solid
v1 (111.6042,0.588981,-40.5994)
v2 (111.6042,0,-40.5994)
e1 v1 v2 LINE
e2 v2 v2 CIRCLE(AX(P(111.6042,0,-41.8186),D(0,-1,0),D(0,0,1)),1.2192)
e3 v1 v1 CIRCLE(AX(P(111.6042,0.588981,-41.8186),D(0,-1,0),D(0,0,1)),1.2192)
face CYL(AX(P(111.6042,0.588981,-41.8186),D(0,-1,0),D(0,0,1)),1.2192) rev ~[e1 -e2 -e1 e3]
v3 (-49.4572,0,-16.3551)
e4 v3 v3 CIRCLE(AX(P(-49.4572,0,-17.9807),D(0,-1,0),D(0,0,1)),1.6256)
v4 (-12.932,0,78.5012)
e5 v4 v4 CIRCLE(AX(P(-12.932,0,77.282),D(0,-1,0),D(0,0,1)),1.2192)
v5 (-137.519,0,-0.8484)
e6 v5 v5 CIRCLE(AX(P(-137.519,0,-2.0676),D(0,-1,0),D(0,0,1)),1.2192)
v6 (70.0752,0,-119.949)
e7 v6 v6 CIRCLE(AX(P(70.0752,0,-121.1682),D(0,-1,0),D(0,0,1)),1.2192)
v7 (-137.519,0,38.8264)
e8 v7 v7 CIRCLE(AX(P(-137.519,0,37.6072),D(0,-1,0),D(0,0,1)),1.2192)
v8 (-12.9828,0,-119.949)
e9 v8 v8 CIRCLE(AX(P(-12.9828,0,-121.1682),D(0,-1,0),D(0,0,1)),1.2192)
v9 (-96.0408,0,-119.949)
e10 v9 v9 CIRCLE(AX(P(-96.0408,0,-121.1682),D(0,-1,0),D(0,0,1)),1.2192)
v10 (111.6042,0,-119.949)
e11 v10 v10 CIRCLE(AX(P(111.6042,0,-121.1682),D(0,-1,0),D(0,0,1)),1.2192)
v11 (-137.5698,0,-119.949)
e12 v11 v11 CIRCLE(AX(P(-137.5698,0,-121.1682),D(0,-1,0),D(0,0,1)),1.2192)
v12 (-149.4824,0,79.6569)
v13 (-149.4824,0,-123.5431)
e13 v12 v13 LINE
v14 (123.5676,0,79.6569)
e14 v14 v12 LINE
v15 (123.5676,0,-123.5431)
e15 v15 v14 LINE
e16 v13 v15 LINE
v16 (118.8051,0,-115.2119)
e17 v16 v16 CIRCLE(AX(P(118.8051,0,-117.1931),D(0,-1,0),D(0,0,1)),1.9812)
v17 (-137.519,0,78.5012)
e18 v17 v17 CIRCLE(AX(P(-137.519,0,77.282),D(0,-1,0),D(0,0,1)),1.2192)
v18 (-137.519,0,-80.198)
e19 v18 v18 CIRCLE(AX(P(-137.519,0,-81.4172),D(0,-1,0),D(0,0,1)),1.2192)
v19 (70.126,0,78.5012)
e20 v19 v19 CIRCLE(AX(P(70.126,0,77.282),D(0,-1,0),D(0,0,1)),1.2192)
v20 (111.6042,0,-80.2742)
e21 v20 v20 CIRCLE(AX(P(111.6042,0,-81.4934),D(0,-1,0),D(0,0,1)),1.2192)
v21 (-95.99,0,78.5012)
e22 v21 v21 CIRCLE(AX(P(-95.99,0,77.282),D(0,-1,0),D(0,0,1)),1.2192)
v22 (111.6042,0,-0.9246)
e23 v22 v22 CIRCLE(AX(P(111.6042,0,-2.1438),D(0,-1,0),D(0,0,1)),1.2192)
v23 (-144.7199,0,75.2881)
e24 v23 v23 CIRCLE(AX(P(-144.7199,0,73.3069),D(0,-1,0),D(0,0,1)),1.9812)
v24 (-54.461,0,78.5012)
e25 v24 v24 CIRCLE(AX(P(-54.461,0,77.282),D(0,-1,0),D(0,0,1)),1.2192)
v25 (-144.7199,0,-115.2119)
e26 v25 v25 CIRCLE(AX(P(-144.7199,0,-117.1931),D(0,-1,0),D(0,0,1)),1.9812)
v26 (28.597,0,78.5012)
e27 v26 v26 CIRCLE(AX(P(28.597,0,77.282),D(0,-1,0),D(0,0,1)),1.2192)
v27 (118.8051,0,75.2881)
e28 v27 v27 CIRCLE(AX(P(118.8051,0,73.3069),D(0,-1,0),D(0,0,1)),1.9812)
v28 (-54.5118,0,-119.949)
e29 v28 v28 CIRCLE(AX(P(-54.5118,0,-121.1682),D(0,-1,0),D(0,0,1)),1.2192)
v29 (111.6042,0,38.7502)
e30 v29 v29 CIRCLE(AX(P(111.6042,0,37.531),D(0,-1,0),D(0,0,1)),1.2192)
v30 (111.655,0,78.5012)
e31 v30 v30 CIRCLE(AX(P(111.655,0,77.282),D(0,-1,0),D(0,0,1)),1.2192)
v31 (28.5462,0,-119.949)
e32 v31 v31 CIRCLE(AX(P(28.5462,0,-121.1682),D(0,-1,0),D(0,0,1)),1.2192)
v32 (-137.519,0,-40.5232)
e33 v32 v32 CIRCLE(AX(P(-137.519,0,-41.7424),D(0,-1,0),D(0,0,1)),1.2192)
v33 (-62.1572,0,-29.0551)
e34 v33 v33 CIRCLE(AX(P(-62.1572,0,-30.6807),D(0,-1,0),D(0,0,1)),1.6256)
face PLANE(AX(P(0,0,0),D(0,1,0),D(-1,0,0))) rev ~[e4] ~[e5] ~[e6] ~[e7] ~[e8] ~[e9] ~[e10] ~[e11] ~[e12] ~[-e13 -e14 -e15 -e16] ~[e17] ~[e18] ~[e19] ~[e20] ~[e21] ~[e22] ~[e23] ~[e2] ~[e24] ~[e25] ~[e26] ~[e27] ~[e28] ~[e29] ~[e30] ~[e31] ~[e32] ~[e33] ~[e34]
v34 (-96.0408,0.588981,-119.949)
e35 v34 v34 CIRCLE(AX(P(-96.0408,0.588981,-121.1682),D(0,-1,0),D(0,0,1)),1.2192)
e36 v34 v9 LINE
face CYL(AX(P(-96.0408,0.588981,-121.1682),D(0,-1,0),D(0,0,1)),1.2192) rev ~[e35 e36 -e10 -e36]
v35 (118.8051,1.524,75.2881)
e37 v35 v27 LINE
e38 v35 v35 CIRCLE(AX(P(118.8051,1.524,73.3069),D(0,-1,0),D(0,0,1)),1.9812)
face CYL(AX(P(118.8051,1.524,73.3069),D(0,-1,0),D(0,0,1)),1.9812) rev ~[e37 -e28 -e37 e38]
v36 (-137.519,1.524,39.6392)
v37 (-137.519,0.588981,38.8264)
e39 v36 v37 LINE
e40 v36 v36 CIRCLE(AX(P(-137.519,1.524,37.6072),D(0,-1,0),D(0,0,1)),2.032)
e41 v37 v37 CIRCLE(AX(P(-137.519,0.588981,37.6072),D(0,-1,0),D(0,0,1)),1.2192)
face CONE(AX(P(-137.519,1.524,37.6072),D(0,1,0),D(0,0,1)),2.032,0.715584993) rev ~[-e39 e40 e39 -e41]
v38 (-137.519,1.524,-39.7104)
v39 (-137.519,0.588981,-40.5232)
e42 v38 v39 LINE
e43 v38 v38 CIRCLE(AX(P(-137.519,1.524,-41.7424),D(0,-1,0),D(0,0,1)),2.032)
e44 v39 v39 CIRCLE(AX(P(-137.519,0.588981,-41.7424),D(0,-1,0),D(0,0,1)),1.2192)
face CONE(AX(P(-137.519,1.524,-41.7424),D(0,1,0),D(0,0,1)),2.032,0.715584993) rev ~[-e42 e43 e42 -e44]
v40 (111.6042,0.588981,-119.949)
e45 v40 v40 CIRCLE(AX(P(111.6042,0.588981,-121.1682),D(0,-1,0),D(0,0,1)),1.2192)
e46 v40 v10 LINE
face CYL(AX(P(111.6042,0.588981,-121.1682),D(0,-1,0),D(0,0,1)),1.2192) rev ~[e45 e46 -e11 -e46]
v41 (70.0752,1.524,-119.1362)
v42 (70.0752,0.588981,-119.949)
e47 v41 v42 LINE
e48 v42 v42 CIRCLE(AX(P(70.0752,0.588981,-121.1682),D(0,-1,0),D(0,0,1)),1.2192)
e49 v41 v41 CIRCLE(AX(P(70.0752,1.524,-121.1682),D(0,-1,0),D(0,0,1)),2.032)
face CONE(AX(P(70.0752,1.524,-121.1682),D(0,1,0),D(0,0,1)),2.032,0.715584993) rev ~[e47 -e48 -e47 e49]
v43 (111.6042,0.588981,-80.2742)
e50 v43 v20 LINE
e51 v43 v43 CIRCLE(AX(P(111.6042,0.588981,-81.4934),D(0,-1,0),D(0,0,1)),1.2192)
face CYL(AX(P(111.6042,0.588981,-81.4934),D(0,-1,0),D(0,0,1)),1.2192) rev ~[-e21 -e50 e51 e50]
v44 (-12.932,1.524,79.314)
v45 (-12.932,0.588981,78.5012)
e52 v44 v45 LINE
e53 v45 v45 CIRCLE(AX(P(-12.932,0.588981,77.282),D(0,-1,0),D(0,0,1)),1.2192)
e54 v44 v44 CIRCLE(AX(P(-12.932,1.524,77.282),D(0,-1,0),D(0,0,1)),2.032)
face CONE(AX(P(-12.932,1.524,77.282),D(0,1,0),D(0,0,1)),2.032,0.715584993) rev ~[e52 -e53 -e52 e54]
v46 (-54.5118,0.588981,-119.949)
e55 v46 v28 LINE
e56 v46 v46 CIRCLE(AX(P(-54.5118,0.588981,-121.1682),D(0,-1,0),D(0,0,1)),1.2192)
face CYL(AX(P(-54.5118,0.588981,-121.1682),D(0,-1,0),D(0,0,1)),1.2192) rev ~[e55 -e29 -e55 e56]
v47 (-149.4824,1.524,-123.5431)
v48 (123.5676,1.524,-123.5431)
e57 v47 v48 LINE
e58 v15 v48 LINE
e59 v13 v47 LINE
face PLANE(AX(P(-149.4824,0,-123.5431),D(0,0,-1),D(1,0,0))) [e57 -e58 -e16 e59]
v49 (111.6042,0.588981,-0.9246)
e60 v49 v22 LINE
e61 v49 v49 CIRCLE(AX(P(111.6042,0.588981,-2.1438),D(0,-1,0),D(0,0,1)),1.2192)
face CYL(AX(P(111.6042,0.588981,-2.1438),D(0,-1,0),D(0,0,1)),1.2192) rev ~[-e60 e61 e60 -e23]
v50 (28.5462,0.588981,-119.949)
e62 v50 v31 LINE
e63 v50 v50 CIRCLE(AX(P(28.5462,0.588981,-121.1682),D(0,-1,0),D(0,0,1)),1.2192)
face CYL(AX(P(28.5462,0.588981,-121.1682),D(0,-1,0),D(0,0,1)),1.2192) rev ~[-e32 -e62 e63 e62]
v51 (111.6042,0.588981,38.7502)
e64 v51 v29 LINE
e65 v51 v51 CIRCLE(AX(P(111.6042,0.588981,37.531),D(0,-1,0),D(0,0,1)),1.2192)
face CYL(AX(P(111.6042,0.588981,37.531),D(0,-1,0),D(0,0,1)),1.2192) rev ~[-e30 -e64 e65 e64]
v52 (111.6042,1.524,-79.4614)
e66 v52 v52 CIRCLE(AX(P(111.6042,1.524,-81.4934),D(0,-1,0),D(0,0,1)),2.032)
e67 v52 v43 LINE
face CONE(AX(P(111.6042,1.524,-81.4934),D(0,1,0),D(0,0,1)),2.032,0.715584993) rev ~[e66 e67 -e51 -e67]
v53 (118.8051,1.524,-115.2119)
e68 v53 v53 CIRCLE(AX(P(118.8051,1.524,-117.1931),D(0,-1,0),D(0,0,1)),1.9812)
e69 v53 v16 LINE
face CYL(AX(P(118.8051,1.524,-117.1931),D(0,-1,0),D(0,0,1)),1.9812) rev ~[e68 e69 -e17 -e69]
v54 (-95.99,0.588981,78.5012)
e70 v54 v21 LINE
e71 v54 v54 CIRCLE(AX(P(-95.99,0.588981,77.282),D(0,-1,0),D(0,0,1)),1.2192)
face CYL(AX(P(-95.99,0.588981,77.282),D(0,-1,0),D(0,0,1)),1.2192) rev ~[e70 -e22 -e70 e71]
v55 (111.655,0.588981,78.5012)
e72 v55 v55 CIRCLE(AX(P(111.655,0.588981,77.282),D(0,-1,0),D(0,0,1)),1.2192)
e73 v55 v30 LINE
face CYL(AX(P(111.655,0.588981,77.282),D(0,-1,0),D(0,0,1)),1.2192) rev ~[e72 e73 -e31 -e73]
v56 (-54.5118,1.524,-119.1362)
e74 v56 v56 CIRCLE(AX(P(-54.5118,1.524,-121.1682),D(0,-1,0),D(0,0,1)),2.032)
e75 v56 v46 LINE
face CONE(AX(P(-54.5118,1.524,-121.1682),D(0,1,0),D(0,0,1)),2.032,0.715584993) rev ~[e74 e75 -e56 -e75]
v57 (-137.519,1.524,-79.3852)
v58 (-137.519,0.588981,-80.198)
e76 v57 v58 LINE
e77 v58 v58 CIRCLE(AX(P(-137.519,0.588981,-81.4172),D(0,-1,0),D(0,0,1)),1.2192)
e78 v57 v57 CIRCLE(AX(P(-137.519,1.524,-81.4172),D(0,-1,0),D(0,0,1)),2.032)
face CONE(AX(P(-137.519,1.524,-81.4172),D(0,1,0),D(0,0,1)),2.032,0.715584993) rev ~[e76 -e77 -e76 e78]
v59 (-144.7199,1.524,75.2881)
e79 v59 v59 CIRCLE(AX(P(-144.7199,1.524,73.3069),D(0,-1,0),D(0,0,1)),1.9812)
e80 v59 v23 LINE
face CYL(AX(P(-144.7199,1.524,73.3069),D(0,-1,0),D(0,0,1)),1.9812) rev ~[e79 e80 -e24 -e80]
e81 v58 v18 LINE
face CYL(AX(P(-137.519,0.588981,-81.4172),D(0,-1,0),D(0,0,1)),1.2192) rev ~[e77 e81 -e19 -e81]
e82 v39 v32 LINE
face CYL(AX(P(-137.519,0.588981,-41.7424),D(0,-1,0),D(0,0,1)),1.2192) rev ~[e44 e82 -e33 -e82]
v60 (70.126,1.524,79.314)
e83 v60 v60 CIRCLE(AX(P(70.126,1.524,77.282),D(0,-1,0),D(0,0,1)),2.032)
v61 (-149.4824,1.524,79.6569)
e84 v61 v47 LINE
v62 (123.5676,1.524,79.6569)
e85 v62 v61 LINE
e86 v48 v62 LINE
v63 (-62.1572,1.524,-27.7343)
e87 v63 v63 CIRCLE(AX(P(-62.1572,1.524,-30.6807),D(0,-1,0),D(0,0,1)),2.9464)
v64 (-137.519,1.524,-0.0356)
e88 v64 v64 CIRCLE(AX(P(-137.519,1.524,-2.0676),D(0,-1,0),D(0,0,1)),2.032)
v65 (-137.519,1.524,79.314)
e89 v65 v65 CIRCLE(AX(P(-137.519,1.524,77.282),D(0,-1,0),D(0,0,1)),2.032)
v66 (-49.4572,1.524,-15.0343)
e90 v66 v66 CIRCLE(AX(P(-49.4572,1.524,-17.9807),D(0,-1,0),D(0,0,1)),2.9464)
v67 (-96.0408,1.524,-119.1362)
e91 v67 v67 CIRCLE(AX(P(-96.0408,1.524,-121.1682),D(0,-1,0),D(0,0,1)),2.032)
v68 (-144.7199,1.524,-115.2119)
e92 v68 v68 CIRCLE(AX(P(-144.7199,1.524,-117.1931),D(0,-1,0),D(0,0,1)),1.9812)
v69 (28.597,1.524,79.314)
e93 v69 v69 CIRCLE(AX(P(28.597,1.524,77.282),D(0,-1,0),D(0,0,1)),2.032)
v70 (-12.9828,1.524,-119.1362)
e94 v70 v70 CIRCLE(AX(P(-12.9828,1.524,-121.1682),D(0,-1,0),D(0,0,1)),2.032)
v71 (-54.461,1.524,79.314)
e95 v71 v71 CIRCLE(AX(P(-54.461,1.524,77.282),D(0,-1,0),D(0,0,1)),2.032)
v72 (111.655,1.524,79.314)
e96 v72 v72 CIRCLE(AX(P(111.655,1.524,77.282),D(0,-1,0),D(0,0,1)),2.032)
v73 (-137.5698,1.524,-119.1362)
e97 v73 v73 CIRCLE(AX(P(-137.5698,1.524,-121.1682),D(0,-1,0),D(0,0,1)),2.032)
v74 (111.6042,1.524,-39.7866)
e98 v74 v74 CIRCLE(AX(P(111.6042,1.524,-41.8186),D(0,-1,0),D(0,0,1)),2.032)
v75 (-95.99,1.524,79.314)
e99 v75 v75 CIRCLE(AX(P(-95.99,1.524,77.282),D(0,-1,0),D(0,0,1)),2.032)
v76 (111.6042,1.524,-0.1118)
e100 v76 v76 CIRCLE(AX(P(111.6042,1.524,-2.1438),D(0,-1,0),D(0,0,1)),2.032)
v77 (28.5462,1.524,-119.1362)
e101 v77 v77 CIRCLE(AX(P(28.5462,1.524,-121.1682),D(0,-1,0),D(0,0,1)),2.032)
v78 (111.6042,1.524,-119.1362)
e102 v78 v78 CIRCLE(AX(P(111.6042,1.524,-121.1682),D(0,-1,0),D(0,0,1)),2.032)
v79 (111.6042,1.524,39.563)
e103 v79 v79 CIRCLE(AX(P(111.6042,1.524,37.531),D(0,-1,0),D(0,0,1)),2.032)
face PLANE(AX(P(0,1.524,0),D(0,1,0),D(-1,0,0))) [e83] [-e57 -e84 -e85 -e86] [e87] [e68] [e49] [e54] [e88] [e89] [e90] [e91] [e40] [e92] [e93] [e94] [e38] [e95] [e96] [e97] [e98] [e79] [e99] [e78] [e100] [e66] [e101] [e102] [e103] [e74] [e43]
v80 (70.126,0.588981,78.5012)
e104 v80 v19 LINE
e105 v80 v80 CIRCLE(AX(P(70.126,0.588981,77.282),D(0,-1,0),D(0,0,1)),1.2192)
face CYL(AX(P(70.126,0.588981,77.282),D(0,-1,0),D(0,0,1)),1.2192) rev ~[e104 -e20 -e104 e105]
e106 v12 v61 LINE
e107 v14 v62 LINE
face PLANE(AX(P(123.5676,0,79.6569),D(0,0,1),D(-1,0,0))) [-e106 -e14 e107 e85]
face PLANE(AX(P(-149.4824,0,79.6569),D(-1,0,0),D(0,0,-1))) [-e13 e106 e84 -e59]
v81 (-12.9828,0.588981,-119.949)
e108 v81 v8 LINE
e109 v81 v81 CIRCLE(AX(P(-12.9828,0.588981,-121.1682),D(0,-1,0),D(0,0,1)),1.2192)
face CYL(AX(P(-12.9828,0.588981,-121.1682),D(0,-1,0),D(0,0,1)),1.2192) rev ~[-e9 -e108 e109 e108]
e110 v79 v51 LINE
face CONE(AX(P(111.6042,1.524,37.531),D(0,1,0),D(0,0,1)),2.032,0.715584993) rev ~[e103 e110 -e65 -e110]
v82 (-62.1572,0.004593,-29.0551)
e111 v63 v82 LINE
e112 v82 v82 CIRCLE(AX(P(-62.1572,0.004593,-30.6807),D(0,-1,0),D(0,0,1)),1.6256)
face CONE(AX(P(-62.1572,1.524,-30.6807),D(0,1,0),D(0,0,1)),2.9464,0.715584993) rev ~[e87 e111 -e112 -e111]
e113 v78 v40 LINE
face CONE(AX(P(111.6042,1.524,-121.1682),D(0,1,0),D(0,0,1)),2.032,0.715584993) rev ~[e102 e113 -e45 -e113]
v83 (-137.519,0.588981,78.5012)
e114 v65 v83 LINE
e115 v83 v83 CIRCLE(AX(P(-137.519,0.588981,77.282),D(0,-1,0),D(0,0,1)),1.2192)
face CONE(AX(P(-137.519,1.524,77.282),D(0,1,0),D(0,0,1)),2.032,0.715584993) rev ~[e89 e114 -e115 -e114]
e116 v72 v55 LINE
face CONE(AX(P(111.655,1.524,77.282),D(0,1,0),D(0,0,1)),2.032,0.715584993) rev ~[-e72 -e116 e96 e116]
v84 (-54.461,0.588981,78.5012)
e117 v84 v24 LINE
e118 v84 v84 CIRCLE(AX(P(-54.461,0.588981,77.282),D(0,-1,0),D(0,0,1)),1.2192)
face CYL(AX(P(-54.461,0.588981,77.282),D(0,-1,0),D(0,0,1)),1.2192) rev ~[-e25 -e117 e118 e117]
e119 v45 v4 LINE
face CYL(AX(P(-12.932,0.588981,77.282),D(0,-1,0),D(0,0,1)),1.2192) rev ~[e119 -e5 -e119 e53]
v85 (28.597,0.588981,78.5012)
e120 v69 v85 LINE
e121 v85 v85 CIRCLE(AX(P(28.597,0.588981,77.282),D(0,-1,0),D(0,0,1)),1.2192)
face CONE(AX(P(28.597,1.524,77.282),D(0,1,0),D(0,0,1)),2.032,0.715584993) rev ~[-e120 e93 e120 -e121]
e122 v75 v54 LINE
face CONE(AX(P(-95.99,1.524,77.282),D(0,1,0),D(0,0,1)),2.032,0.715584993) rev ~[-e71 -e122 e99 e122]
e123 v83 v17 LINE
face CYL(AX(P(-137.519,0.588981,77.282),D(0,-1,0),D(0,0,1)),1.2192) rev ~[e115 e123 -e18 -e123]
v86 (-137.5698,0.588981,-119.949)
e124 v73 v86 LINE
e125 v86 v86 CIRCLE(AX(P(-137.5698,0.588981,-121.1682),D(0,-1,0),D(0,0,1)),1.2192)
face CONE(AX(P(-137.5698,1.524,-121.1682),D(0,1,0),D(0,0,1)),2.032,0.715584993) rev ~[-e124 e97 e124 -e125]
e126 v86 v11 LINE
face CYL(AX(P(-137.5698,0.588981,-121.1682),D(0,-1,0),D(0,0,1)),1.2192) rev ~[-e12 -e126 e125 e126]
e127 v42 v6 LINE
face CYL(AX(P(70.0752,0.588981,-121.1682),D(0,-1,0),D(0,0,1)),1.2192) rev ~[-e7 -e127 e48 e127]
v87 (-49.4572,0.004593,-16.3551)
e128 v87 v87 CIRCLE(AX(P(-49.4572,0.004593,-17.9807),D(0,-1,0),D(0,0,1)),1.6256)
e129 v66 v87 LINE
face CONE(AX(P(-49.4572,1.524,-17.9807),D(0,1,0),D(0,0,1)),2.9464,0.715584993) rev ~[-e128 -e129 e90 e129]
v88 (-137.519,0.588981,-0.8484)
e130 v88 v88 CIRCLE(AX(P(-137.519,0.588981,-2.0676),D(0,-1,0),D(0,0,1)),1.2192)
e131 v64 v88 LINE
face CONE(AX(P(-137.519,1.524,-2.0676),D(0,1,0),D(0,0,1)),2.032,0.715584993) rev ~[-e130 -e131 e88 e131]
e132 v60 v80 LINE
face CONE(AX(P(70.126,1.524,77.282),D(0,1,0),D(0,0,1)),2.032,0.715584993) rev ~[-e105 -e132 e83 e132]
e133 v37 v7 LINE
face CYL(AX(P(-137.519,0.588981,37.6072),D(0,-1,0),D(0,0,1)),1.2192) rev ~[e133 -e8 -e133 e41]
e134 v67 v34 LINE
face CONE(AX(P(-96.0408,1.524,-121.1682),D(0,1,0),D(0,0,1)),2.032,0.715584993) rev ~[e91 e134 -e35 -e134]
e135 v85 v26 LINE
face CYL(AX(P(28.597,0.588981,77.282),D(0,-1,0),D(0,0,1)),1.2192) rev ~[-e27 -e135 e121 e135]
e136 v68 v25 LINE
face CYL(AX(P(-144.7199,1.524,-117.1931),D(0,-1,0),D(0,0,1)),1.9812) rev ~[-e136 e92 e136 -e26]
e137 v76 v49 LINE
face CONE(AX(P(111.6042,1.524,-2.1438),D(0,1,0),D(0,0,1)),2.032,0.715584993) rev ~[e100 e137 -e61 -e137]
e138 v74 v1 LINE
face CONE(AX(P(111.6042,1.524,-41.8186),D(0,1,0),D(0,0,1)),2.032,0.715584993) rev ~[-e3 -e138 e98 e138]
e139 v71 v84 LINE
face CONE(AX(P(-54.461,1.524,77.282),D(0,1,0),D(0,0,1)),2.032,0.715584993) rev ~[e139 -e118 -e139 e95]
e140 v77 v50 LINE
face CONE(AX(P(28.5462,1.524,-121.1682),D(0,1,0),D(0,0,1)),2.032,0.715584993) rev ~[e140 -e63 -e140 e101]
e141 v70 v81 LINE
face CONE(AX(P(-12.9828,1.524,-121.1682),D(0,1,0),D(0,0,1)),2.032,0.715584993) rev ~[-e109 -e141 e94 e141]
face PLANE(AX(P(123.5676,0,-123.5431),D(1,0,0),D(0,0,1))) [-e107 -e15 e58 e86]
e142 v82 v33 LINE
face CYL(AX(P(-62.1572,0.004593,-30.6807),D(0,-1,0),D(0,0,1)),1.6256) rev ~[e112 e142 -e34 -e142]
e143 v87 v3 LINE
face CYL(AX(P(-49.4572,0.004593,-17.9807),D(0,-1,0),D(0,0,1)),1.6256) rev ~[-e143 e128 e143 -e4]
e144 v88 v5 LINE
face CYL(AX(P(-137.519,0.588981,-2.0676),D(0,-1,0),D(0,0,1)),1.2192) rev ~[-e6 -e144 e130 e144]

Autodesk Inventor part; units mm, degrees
ref_plane "YZ Plane" through (0, 0, 0) normal (1, 0, 0) x (0, 1, 0)
ref_plane "XZ Plane" through (0, 0, 0) normal (0, 1, 0) x (-1, 0, 0)
ref_plane "XY Plane" through (0, 0, 0) normal (0, 0, 1) x (1, 0, 0)
sketch "Sketch1" plane through (0, 0, 0) normal (0, 1, 0) x (-1, 0, 0)
  line L0 (-123.5676, 79.6569) -> (149.4824, 79.6569)
  line L1 (149.4824, 79.6569) -> (149.4824, -123.5431)
  line L2 (149.4824, -123.5431) -> (-123.5676, -123.5431)
  line L3 (-123.5676, -123.5431) -> (-123.5676, 79.6569)
  point P0 (0, 0)
  dimension "d0" = 203.2
  dimension "d2" = 273.05
extrude "Extrusion1" add sketch "Sketch1" along normal blind 1.524
sketch "Sketch2" plane through (0, 1.524, 0) normal (0, 1, 0) x (1, 0, 0)
  point P0 (123.5676, 123.5431)
  point P1 (-149.4824, 123.5431)
  point P2 (0, 0)
  point P3 (111.6042, 121.1682)
  point P4 (-144.7199, 117.1931)
  point P5 (-149.4824, -79.6569)
  point P6 (-137.519, -77.282)
  dimension "d7" = 2.3749
  dimension "d8" = 11.9634
  dimension "d9" = 4.7625
  dimension "d10" = 6.35
  dimension "d37" = 11.9634
  dimension "d38" = 2.3749
hole "Hole1" at (-144.7199, 1.524, -117.1931) direction (0, -1, 0) diameter 3.9624 depth 25.4 tip angle 118
pattern_linear "Rectangular Pattern1" count 2 spacing 263.525 along (1, 0, 0) count 2 spacing 190.5 along (0, 0, 1) of "Hole1"
hole "Hole2" at (111.6042, 1.524, -121.1682) direction (0, -1, 0) diameter 2.4384 depth 25.4 tip angle 118 countersink diameter 4.064 countersink angle 82
pattern_linear "Rectangular Pattern2" count 5 spacing 39.6748 along (0, 0, 1) of "Hole2"
pattern_linear "Rectangular Pattern3" count 7 spacing 41.529 along (-1, 0, 0) of "Hole2"
hole "Hole3" at (-137.519, 1.524, 77.282) direction (0, -1, 0) diameter 2.4384 depth 25.4 tip angle 118 countersink diameter 4.064 countersink angle 82
pattern_linear "Rectangular Pattern4" count 5 spacing 39.6748 along (0, 0, -1) of "Hole3"
pattern_linear "Rectangular Pattern5" count 7 spacing 41.529 along (1, 0, 0) of "Hole3"
sketch "Sketch3" plane through (0, 1.524, 0) normal (0, 1, 0) x (1, 0, 0)
  circle A0 centre (111.655, -77.282) radius 2.032 projected
  circle A1 centre (70.126, -77.282) radius 2.032 projected
  circle A2 centre (28.597, -77.282) radius 2.032 projected
  circle A3 centre (-12.932, -77.282) radius 2.032 projected
  circle A4 centre (-54.461, -77.282) radius 2.032 projected
  circle A5 centre (-95.99, -77.282) radius 2.032 projected
  circle A6 centre (-137.519, 81.4172) radius 2.032 projected
  circle A7 centre (-137.519, 41.7424) radius 2.032 projected
  circle A8 centre (-137.519, 2.0676) radius 2.032 projected
  circle A9 centre (-137.519, -37.6072) radius 2.032 projected
  circle A10 centre (-137.519, -77.282) radius 2.032 projected
  circle A11 centre (-137.5698, 121.1682) radius 2.032 projected
  circle A12 centre (-96.0408, 121.1682) radius 2.032 projected
  circle A13 centre (-54.5118, 121.1682) radius 2.032 projected
  circle A14 centre (-12.9828, 121.1682) radius 2.032 projected
  circle A15 centre (28.5462, 121.1682) radius 2.032 projected
  circle A16 centre (70.0752, 121.1682) radius 2.032 projected
  circle A17 centre (111.6042, -37.531) radius 2.032 projected
  circle A18 centre (111.6042, 2.1438) radius 2.032 projected
  circle A19 centre (111.6042, 41.8186) radius 2.032 projected
  circle A20 centre (111.6042, 81.4934) radius 2.032 projected
  circle A21 centre (111.6042, 121.1682) radius 2.032 projected
  circle A22 centre (118.8051, -73.3069) radius 1.9812 projected
  circle A23 centre (-144.7199, -73.3069) radius 1.9812 projected
  circle A24 centre (118.8051, 117.1931) radius 1.9812 projected
  circle A25 centre (-144.7199, 117.1931) radius 1.9812 projected
  line L0 (-149.4824, -79.6569) -> (123.5676, -79.6569) projected
  line L1 (123.5676, -79.6569) -> (123.5676, 123.5431) projected
  line L2 (123.5676, 123.5431) -> (-149.4824, 123.5431) projected
  line L3 (-149.4824, 123.5431) -> (-149.4824, -79.6569) projected
  point P0 (0, 0)
sketch "Sketch4" plane through (0, 1.524, 0) normal (0, 1, 0) x (1, 0, 0)
  circle A0 centre (111.655, -77.282) radius 2.032 projected
  circle A1 centre (70.126, -77.282) radius 2.032 projected
  circle A2 centre (28.597, -77.282) radius 2.032 projected
  circle A3 centre (-12.932, -77.282) radius 2.032 projected
  circle A4 centre (-54.461, -77.282) radius 2.032 projected
  circle A5 centre (-95.99, -77.282) radius 2.032 projected
  circle A6 centre (-137.519, 81.4172) radius 2.032 projected
  circle A7 centre (-137.519, 41.7424) radius 2.032 projected
  circle A8 centre (-137.519, 2.0676) radius 2.032 projected
  circle A9 centre (-137.519, -37.6072) radius 2.032 projected
  circle A10 centre (-137.519, -77.282) radius 2.032 projected
  circle A11 centre (-137.5698, 121.1682) radius 2.032 projected
  circle A12 centre (-96.0408, 121.1682) radius 2.032 projected
  circle A13 centre (-54.5118, 121.1682) radius 2.032 projected
  circle A14 centre (-12.9828, 121.1682) radius 2.032 projected
  circle A15 centre (28.5462, 121.1682) radius 2.032 projected
  circle A16 centre (70.0752, 121.1682) radius 2.032 projected
  circle A17 centre (111.6042, -37.531) radius 2.032 projected
  circle A18 centre (111.6042, 2.1438) radius 2.032 projected
  circle A19 centre (111.6042, 41.8186) radius 2.032 projected
  circle A20 centre (111.6042, 81.4934) radius 2.032 projected
  circle A21 centre (111.6042, 121.1682) radius 2.032 projected
  circle A22 centre (118.8051, -73.3069) radius 1.9812 projected
  circle A23 centre (-144.7199, -73.3069) radius 1.9812 projected
  circle A24 centre (118.8051, 117.1931) radius 1.9812 projected
  circle A25 centre (-144.7199, 117.1931) radius 1.9812 projected
  line L0 (-149.4824, -79.6569) -> (123.5676, -79.6569) projected
  line L1 (123.5676, -79.6569) -> (123.5676, 123.5431) projected
  line L2 (123.5676, 123.5431) -> (-149.4824, 123.5431) projected
  line L3 (-149.4824, 123.5431) -> (-149.4824, -79.6569) projected
  point P0 (0, 0)
sketch "Sketch5" plane through (0, 1.524, 0) normal (0, 1, 0) x (1, 0, 0)
  point P0 (0, 0)
  point P1 (-49.4572, 17.9807)
  point P2 (-62.1572, 30.6807)
  point P3 (-149.4824, -79.6569)
  dimension "d75" = 100.0252
  dimension "d76" = 87.3252
  dimension "d77" = 97.6376
  dimension "d78" = 110.3376
hole "Hole5" at (-62.1572, 1.524, -30.6807) direction (0, -1, 0) diameter 3.2512 depth 25.4 tip angle 118 countersink diameter 5.8928 countersink angle 82
hole "Hole6" at (-49.4572, 1.524, -17.9807) direction (0, -1, 0) diameter 3.2512 depth 25.4 tip angle 118 countersink diameter 5.8928 countersink angle 82
properties part number "RFT Cover Ext" material "Aluminum 6061"
